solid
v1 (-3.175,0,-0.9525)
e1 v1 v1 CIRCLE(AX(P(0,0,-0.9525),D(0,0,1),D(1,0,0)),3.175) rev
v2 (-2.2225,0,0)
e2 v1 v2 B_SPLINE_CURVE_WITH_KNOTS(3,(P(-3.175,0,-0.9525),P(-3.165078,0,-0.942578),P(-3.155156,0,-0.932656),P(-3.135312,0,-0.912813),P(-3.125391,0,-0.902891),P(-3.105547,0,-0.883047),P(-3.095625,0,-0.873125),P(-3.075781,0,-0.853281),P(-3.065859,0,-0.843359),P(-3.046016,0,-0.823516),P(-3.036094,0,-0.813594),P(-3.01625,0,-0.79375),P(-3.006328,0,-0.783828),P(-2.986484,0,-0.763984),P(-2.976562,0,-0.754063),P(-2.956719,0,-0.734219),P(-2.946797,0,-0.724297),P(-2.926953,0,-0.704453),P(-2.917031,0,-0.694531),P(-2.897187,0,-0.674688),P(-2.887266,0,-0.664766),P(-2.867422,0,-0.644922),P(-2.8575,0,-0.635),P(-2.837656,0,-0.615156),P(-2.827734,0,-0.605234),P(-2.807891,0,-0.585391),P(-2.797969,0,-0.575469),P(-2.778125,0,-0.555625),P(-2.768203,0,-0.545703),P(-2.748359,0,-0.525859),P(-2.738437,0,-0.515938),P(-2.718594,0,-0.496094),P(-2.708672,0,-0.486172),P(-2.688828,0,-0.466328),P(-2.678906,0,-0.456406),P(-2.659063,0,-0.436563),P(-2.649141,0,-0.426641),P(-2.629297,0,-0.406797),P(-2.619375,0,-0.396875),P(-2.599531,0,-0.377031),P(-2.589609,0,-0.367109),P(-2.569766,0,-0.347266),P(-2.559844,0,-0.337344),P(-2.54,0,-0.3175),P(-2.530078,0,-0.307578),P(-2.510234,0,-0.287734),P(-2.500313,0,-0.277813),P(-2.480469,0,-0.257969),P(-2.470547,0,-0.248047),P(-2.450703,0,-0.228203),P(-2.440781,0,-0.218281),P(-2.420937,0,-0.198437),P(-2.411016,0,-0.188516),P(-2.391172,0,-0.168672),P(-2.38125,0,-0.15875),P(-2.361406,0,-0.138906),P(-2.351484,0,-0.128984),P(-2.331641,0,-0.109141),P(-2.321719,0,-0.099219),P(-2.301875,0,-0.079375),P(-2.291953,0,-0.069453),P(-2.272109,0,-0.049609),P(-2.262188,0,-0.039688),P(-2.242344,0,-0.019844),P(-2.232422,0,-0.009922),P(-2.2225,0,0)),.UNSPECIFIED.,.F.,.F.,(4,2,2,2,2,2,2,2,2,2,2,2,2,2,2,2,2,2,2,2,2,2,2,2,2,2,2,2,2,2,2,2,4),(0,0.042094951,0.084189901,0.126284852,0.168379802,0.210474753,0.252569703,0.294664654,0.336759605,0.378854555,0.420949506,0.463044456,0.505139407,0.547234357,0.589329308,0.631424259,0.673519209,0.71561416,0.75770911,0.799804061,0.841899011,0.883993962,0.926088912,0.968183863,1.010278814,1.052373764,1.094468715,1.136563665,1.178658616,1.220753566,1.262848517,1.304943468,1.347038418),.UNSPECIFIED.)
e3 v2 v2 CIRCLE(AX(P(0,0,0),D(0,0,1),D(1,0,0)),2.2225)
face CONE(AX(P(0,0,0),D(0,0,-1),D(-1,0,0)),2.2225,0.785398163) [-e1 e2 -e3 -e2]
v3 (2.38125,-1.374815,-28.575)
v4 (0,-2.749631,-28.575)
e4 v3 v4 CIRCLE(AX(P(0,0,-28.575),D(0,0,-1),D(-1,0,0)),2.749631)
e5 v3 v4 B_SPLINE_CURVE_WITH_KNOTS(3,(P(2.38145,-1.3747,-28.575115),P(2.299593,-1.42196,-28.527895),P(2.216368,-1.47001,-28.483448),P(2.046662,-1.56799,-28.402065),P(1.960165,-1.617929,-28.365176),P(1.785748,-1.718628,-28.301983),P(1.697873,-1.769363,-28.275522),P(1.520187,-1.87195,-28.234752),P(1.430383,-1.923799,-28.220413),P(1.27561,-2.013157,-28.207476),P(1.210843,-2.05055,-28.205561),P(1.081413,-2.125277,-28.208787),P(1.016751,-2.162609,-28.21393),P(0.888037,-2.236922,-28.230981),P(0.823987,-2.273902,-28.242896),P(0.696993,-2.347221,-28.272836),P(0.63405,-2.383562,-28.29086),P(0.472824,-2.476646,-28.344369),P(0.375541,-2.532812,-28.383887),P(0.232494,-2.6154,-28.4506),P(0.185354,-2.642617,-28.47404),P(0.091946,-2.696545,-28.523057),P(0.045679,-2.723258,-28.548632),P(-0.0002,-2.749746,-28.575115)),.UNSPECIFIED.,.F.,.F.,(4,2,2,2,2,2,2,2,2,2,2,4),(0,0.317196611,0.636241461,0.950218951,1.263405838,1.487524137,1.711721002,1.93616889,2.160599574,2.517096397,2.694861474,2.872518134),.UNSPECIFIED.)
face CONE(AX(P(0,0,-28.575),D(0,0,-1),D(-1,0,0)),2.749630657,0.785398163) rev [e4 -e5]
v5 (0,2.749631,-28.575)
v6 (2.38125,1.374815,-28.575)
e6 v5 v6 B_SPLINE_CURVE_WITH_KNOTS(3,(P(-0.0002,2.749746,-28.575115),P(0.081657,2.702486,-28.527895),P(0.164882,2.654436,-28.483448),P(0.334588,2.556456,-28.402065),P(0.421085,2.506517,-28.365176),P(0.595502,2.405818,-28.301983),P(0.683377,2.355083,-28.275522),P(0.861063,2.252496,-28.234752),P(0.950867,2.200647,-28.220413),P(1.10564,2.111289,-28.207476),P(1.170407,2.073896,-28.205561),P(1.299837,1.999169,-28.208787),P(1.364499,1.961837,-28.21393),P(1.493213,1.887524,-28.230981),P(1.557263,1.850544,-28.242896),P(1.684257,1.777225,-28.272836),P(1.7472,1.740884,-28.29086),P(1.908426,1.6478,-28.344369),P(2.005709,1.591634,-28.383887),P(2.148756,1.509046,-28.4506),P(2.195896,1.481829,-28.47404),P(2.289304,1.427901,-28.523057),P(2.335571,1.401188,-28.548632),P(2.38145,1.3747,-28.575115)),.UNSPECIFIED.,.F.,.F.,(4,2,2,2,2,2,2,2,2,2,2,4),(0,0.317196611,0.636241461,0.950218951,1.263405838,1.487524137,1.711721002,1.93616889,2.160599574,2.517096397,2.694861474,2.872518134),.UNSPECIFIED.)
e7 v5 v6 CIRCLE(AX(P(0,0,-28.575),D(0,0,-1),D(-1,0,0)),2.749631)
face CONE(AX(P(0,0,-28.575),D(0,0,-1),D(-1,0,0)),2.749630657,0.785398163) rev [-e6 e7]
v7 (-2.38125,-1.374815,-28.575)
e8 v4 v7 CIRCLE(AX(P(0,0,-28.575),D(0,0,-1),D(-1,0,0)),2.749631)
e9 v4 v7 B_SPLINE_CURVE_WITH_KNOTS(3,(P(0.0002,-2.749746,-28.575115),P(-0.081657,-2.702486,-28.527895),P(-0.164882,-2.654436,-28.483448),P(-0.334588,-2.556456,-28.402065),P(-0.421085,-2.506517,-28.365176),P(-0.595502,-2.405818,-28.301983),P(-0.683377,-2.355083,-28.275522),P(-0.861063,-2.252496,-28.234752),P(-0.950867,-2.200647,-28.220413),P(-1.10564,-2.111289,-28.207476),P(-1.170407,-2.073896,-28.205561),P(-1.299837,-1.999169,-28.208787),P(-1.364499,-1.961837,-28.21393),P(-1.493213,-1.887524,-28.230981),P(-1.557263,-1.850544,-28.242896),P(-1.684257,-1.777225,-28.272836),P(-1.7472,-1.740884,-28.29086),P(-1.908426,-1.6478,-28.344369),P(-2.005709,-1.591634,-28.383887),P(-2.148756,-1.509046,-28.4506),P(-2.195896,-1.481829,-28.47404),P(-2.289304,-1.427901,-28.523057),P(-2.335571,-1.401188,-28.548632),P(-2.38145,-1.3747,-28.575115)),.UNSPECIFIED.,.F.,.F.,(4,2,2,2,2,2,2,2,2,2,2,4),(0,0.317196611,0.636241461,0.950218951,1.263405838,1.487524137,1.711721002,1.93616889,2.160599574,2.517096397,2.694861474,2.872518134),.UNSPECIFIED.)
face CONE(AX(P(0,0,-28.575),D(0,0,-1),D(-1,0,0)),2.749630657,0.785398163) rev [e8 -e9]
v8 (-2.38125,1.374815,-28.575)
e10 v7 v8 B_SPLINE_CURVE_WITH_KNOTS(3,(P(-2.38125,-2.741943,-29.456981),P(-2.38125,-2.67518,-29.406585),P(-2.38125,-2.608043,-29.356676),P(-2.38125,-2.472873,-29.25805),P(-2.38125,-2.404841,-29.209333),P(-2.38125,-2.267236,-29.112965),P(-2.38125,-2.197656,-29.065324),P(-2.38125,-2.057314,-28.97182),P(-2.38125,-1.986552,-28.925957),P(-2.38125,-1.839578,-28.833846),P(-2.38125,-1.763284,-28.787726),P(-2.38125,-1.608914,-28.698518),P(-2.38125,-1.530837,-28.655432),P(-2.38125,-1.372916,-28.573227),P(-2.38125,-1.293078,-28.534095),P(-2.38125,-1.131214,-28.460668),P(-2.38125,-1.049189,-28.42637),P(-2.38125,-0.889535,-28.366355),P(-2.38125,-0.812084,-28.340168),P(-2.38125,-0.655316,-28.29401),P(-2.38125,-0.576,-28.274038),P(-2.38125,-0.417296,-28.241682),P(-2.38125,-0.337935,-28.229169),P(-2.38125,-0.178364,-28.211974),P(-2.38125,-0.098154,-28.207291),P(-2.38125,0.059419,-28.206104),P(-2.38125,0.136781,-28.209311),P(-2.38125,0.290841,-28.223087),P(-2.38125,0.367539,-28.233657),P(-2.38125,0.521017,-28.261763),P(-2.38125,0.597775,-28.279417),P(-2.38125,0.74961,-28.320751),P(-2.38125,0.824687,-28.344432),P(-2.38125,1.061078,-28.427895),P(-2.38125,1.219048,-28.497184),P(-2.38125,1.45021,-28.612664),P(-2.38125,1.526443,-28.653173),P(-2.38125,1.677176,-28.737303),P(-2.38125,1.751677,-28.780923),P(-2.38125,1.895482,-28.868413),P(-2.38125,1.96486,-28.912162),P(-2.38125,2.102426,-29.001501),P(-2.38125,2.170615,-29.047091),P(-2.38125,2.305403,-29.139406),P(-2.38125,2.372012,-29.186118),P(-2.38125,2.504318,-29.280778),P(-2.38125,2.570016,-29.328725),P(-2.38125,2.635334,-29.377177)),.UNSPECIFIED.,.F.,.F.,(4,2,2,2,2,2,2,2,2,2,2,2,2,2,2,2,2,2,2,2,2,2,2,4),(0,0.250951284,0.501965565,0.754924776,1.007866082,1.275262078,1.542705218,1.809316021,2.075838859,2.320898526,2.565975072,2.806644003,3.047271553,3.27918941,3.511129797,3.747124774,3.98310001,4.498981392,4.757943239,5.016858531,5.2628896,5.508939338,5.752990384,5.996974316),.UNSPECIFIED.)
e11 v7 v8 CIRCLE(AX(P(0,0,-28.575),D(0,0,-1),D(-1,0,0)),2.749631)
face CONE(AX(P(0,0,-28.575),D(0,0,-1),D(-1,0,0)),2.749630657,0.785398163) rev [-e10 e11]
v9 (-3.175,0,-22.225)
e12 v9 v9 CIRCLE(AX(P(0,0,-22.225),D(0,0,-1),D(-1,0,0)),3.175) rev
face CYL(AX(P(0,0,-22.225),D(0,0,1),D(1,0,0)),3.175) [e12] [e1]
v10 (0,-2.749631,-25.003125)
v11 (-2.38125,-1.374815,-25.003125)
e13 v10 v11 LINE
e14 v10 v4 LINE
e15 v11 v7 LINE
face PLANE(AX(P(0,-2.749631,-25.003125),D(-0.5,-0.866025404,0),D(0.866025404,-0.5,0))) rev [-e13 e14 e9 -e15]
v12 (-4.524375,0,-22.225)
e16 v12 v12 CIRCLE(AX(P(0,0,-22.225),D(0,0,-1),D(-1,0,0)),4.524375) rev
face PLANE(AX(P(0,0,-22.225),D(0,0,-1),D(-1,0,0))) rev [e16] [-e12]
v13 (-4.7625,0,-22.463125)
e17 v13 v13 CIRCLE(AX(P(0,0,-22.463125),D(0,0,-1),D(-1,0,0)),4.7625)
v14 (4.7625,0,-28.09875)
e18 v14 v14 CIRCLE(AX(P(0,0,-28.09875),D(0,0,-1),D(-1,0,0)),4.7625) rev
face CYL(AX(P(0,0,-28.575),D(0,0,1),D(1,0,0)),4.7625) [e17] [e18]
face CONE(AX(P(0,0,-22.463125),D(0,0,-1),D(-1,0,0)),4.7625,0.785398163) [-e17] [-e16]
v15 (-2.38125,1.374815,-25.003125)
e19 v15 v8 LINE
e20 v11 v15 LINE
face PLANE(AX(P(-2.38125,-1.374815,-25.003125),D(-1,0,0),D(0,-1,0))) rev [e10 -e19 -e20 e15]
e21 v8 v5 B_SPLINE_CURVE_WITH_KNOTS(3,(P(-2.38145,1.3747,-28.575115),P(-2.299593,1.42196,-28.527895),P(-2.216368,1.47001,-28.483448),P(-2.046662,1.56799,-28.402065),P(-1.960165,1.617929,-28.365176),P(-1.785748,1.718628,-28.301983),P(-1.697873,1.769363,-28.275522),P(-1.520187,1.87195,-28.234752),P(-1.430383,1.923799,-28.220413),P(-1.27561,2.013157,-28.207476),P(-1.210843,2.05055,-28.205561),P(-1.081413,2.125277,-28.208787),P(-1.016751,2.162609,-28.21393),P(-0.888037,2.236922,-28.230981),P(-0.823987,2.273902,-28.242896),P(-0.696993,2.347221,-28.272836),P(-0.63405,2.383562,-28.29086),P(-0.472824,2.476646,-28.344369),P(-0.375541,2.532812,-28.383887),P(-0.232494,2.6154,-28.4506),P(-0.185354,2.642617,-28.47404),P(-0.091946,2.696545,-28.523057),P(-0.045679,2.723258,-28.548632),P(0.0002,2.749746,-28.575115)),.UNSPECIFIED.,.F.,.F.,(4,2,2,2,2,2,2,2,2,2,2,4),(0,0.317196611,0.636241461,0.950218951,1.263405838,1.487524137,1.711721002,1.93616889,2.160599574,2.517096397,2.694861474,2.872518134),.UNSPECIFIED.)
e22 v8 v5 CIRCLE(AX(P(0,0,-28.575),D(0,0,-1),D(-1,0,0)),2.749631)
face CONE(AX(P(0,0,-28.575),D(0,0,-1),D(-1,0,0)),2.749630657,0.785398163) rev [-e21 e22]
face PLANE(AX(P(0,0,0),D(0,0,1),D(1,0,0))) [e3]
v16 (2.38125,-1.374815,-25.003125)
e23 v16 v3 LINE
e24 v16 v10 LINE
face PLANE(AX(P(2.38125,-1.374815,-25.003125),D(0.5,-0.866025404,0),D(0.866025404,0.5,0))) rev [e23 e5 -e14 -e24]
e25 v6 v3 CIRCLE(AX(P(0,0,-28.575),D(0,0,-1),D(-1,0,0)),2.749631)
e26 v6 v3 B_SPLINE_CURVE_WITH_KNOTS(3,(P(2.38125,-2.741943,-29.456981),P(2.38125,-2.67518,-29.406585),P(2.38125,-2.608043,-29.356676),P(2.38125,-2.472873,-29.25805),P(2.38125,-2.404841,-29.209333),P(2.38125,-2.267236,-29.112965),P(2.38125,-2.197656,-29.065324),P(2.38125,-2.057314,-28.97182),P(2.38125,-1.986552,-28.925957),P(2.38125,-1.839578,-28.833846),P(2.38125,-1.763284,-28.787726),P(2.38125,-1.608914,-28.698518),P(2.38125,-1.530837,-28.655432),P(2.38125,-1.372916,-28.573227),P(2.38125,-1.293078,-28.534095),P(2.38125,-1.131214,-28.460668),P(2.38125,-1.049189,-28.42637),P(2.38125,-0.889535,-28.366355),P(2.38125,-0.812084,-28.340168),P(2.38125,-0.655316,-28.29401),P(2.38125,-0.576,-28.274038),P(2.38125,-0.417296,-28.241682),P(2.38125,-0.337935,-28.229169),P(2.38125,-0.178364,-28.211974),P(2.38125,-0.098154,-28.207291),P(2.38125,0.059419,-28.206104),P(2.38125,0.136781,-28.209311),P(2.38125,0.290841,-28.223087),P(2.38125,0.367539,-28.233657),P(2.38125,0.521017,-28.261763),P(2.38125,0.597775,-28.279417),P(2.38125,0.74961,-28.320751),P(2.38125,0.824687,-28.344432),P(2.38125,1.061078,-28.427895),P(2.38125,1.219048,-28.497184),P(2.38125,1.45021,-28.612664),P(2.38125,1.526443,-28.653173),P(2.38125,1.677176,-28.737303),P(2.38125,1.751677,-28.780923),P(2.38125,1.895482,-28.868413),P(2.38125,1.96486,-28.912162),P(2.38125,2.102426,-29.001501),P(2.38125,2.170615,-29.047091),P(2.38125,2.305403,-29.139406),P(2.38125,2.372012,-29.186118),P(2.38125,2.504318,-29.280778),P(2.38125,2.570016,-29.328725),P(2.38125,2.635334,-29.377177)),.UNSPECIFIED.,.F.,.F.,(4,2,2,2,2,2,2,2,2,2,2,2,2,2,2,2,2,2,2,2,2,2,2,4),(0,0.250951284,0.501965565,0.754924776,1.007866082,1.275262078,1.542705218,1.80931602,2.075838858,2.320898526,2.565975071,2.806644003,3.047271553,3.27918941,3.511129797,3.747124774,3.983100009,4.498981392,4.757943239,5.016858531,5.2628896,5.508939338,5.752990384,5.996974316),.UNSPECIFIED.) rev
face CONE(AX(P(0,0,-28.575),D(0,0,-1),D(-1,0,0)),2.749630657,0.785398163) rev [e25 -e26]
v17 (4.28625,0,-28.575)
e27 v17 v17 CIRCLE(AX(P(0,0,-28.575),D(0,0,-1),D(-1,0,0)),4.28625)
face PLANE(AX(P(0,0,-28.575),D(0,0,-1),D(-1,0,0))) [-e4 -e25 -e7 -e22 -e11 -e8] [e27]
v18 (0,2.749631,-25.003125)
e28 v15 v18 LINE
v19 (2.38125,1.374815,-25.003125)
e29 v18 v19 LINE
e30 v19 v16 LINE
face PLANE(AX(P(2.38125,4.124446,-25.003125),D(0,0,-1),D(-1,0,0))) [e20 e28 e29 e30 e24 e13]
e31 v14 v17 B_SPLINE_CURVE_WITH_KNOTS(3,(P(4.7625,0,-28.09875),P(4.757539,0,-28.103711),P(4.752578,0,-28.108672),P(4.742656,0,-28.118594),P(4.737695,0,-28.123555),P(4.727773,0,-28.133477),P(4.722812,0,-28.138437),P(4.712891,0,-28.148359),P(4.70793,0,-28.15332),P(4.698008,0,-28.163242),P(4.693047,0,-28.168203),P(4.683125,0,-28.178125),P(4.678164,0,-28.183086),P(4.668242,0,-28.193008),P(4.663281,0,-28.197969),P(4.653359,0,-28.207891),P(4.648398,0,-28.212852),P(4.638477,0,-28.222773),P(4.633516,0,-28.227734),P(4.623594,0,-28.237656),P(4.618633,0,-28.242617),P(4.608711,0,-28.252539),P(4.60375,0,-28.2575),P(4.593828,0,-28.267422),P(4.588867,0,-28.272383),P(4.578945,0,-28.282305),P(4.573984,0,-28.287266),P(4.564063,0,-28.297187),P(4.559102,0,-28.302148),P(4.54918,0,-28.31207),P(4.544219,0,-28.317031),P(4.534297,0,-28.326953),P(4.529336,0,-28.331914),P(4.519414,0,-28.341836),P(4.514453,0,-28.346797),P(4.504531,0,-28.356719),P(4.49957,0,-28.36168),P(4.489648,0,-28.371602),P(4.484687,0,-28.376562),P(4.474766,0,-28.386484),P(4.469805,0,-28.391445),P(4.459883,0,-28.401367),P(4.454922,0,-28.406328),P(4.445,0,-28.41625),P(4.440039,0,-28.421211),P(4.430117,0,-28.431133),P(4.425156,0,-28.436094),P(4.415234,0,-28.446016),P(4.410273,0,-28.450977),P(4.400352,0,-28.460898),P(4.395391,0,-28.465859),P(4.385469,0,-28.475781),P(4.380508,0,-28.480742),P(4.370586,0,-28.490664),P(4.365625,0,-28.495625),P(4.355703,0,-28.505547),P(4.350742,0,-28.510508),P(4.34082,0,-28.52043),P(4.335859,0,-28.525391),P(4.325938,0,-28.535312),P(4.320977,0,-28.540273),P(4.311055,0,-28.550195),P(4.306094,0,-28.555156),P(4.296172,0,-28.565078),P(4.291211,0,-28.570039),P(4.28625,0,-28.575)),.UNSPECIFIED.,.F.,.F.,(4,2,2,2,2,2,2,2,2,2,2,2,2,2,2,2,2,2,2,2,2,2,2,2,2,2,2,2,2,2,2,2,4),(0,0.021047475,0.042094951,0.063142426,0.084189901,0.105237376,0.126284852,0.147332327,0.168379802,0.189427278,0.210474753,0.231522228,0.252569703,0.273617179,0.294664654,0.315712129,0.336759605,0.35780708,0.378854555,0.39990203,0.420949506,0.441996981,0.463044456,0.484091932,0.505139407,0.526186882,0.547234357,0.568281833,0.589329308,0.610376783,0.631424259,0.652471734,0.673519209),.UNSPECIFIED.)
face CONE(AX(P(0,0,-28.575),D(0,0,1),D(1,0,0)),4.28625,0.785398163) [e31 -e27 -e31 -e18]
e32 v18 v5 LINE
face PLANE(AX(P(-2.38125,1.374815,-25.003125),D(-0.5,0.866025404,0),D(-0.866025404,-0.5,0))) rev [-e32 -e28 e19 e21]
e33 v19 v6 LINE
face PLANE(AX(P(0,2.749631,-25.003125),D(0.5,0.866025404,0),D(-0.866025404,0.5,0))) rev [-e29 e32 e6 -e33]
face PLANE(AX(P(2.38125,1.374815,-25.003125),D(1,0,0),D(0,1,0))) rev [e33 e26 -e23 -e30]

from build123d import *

# Parameters (mm, degrees)
SKETCH1_R          = 3.175
EXTRUDE1_DEPTH     = 22.225
CHAMFER3_SIZE      = 0.9525
SKETCH6_R          = 4.7625
EXTRUDE2_DEPTH     = 6.35
CUT_EXTRUDE1_DEPTH = 3.571875
CHAMFER1_SIZE      = 0.47625
CHAMFER2_SIZE      = 0.238125


with BuildPart() as part:
    # Sketch1 → Extrude1 (new body)
    with BuildSketch(Plane.XY):
        Circle(SKETCH1_R)
    extrude(amount=-EXTRUDE1_DEPTH)

    # Chamfer3
    chamfer3_edges = [part.edges().sort_by_distance(p)[0] for p in [
        (-3.175, 0, 0),
    ]]
    chamfer(chamfer3_edges, length=CHAMFER3_SIZE)

    # Sketch6 → Extrude2 (add)
    with BuildSketch(Plane(origin=(0, 0, -22.225), x_dir=(-1, 0, 0), z_dir=(0, 0, -1))):
        Circle(SKETCH6_R)
    extrude(amount=EXTRUDE2_DEPTH)

    # Sketch7 → Cut-Extrude1 (cut)
    with BuildSketch(Plane(origin=(0, 0, -28.575), x_dir=(-1, 0, 0), z_dir=(0, 0, -1))):
        Polygon((0, 2.749630657), (-2.38125, 1.374815329), (-2.38125, -1.374815329), (0, -2.749630657), (2.38125, -1.374815329), (2.38125, 1.374815329), align=None)
    extrude(amount=-CUT_EXTRUDE1_DEPTH, mode=Mode.SUBTRACT)

    # Cut-Extrude2 cone 1 section (through the dimple's axis) → Cut-Extrude2 (revolve, cut)
    with BuildSketch(Plane(origin=(0, 0, -28.575), x_dir=(0, 1, 0), z_dir=(1, 0, 0))):
        Polygon((0, 0), (2.749630657, 0), (0, 2.749630657), align=None)
    revolve(axis=Axis((0, 0, -28.575), (0, 0, 1)), mode=Mode.SUBTRACT)

    # Chamfer1
    chamfer1_edges = [part.edges().sort_by_distance(p)[0] for p in [
        (4.7625, 0, -28.575),
    ]]
    chamfer(chamfer1_edges, length=CHAMFER1_SIZE)

    # Chamfer2
    chamfer2_edges = [part.edges().sort_by_distance(p)[0] for p in [
        (4.7625, 0, -22.225),
    ]]
    chamfer(chamfer2_edges, length=CHAMFER2_SIZE)


solid = part.part
